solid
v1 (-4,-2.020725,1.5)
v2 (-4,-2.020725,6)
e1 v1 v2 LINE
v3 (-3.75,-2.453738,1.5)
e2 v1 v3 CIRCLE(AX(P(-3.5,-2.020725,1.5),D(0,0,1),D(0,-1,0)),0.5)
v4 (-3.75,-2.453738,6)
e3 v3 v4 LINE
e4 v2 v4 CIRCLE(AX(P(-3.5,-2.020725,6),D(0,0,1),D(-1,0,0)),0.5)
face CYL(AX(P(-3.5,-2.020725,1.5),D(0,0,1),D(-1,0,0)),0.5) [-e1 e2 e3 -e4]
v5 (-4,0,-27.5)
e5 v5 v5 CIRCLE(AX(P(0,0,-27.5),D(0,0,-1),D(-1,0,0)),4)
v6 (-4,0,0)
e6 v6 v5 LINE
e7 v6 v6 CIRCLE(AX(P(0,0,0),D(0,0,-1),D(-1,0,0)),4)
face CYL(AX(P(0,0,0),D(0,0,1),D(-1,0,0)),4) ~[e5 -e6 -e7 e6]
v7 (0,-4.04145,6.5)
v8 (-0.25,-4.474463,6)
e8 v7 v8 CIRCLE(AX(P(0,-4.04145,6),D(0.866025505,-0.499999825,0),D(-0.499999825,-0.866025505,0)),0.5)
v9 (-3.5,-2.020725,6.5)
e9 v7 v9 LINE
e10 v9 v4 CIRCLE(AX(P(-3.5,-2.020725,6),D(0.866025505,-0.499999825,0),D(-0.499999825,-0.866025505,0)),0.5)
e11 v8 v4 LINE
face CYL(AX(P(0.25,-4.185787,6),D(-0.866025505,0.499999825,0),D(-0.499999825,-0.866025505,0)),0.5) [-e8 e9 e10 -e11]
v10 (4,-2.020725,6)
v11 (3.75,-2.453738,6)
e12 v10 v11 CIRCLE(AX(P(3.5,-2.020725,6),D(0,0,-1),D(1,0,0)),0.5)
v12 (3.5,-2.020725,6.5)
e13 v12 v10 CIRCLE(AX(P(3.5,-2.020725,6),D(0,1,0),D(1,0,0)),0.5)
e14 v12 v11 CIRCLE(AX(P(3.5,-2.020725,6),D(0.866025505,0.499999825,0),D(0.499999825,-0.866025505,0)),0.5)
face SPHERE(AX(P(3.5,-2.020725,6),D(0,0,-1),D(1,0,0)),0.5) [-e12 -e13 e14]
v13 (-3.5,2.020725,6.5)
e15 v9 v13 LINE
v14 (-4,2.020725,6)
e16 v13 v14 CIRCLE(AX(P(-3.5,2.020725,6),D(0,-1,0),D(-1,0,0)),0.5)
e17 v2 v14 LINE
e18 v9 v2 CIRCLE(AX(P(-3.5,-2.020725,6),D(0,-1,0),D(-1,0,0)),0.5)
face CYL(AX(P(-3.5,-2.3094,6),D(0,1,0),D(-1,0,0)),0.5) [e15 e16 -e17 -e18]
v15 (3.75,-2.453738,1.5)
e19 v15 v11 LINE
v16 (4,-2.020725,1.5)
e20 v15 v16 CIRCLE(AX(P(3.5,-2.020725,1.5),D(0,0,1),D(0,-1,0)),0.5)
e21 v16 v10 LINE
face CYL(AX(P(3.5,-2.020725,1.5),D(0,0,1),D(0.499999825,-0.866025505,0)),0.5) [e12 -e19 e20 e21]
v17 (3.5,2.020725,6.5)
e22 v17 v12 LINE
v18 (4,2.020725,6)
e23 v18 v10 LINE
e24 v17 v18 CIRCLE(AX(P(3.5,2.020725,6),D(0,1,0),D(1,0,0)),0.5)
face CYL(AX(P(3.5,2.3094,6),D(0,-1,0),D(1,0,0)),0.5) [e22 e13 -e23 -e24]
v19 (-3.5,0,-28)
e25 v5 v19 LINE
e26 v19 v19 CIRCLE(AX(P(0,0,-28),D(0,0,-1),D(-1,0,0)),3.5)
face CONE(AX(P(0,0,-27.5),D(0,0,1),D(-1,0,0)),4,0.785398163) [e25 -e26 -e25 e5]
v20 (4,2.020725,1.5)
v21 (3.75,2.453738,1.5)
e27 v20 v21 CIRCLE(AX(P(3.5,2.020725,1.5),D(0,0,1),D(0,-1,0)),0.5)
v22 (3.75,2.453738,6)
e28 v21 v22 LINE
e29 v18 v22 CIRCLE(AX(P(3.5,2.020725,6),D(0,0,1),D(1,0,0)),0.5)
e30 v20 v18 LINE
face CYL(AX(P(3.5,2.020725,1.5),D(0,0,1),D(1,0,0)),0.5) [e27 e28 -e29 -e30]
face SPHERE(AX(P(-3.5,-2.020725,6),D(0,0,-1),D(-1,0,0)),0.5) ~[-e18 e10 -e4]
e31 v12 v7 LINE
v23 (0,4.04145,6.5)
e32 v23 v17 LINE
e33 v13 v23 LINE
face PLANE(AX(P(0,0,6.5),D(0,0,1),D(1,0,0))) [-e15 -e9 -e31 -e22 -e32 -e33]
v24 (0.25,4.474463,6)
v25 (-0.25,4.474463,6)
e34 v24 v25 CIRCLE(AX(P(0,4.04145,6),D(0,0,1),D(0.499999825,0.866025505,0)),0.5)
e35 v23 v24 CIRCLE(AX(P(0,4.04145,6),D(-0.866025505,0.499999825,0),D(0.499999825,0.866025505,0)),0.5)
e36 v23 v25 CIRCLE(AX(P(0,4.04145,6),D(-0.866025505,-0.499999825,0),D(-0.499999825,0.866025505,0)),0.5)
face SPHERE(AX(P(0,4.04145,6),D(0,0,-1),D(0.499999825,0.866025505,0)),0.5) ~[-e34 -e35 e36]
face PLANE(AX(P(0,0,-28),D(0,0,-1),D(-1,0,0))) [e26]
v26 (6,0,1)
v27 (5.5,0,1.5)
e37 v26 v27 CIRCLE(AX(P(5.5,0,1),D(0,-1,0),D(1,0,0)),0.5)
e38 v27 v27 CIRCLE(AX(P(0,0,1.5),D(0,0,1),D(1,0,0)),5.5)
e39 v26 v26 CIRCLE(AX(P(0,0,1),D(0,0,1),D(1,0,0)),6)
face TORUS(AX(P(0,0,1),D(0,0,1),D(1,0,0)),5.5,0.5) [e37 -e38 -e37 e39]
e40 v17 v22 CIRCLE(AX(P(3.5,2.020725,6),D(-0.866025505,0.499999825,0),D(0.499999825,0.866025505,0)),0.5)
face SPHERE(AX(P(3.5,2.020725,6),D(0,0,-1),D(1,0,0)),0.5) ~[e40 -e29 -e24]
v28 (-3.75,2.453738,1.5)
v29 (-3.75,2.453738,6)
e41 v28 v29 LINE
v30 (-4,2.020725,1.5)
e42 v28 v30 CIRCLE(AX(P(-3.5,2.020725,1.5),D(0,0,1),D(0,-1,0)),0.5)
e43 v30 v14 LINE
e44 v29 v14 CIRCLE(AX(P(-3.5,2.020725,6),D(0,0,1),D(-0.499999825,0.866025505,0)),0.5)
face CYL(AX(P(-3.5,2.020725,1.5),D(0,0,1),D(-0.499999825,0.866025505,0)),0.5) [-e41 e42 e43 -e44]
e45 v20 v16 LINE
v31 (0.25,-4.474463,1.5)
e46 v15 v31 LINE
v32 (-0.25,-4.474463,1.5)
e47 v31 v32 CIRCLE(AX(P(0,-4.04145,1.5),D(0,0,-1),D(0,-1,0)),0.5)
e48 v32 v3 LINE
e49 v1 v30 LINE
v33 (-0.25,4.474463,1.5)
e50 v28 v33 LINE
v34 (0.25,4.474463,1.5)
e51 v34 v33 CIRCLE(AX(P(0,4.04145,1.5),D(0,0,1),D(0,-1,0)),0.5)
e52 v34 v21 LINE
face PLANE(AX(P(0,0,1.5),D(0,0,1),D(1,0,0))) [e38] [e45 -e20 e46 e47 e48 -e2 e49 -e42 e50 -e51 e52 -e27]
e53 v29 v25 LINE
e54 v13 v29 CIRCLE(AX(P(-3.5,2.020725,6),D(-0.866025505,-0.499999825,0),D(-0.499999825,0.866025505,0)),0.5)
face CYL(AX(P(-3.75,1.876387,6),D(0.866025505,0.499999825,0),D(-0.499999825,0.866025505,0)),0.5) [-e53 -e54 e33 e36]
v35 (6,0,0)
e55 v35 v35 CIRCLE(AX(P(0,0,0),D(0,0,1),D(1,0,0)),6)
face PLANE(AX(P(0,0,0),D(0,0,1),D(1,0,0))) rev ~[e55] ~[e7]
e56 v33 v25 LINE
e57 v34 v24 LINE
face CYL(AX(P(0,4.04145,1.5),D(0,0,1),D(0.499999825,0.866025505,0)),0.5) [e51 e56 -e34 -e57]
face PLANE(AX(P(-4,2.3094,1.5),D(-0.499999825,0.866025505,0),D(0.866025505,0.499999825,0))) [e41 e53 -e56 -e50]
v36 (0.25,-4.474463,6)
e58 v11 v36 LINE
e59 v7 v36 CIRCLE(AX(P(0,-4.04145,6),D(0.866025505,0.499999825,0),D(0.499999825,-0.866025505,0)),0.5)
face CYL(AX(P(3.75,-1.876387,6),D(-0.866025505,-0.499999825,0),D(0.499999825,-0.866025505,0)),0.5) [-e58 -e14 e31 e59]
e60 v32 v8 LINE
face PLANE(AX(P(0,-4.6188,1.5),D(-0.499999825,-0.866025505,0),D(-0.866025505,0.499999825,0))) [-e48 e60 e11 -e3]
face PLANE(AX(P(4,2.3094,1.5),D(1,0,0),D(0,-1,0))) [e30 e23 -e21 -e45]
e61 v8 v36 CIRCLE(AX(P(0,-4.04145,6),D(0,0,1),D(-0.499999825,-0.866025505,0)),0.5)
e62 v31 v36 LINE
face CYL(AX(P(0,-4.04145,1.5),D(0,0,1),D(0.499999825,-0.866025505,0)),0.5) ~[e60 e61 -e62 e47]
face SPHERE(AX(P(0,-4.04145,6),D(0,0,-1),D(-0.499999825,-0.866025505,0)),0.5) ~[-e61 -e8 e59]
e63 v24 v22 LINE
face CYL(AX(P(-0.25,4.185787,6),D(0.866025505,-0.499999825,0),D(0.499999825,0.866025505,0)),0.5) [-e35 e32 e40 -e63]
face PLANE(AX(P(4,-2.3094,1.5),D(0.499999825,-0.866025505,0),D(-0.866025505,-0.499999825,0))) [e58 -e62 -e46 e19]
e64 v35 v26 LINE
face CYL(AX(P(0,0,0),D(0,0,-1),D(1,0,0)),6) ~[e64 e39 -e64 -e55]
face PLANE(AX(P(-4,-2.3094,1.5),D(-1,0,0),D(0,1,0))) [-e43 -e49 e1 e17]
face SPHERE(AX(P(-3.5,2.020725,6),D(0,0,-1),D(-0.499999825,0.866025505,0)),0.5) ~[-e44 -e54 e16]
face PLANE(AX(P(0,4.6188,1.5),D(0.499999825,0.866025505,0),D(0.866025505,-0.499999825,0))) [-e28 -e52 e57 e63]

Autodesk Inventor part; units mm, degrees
ref_plane "YZ Plane" through (0, 0, 0) normal (1, 0, 0) x (0, 1, 0)
ref_plane "XZ Plane" through (0, 0, 0) normal (0, 1, 0) x (-1, 0, 0)
ref_plane "XY Plane" through (0, 0, 0) normal (0, 0, 1) x (1, 0, 0)
sketch "草图1" plane through (0, 0, 0) normal (0, 0, 1) x (1, 0, 0)
  circle A0 centre (0, 0) radius 6
  dimension "d0" = 12
extrude "拉伸1" add sketch "草图1" along normal blind 1.5
sketch "草图2" plane through (0, 0, 1.5) normal (0, 0, 1) x (1, 0, 0)
  line L0 (0, -4.6188) -> (-4, -2.3094)
  line L1 (-4, -2.3094) -> (-4, 2.3094)
  line L2 (-4, 2.3094) -> (0, 4.6188)
  line L3 (0, 4.6188) -> (4, 2.3094)
  line L4 (4, 2.3094) -> (4, -2.3094)
  line L5 (4, -2.3094) -> (0, -4.6188)
  line L6 (0, 0) -> (0, 2.9591)
  dimension "d3" = 8
  dimension "d4" = 2.9591
extrude "拉伸2" add sketch "草图2" along normal blind 5
sketch "草图3" plane through (0, 0, 0) normal (0, 0, -1) x (-1, 0, 0)
  circle A0 centre (0, 0) radius 4
  dimension "d7" = 8
extrude "拉伸3" add sketch "草图3" along normal blind 28
thread "螺纹1" size "M8x1.25" class "6g" standard "ANSI Metric M Profile" full length
chamfer "倒角1" distance 0.5 angle 45 1 edges at (4, 0, -28)
fillet "圆角1" radius 0.5 13 edges at (-6, 0, 1.5) (4, 0, 6.5) (2, 3.4641, 6.5) (-2, 3.4641, 6.5) (-4, 0, 6.5) (-2, -3.4641, 6.5) (2, -3.4641, 6.5) (4, 2.3094, 4) (0, 4.6188, 4) (4, -2.3094, 4) (0, -4.6188, 4) (-4, -2.3094, 4) (-4, 2.3094, 4)
properties part number "装填斗固定螺丝"
